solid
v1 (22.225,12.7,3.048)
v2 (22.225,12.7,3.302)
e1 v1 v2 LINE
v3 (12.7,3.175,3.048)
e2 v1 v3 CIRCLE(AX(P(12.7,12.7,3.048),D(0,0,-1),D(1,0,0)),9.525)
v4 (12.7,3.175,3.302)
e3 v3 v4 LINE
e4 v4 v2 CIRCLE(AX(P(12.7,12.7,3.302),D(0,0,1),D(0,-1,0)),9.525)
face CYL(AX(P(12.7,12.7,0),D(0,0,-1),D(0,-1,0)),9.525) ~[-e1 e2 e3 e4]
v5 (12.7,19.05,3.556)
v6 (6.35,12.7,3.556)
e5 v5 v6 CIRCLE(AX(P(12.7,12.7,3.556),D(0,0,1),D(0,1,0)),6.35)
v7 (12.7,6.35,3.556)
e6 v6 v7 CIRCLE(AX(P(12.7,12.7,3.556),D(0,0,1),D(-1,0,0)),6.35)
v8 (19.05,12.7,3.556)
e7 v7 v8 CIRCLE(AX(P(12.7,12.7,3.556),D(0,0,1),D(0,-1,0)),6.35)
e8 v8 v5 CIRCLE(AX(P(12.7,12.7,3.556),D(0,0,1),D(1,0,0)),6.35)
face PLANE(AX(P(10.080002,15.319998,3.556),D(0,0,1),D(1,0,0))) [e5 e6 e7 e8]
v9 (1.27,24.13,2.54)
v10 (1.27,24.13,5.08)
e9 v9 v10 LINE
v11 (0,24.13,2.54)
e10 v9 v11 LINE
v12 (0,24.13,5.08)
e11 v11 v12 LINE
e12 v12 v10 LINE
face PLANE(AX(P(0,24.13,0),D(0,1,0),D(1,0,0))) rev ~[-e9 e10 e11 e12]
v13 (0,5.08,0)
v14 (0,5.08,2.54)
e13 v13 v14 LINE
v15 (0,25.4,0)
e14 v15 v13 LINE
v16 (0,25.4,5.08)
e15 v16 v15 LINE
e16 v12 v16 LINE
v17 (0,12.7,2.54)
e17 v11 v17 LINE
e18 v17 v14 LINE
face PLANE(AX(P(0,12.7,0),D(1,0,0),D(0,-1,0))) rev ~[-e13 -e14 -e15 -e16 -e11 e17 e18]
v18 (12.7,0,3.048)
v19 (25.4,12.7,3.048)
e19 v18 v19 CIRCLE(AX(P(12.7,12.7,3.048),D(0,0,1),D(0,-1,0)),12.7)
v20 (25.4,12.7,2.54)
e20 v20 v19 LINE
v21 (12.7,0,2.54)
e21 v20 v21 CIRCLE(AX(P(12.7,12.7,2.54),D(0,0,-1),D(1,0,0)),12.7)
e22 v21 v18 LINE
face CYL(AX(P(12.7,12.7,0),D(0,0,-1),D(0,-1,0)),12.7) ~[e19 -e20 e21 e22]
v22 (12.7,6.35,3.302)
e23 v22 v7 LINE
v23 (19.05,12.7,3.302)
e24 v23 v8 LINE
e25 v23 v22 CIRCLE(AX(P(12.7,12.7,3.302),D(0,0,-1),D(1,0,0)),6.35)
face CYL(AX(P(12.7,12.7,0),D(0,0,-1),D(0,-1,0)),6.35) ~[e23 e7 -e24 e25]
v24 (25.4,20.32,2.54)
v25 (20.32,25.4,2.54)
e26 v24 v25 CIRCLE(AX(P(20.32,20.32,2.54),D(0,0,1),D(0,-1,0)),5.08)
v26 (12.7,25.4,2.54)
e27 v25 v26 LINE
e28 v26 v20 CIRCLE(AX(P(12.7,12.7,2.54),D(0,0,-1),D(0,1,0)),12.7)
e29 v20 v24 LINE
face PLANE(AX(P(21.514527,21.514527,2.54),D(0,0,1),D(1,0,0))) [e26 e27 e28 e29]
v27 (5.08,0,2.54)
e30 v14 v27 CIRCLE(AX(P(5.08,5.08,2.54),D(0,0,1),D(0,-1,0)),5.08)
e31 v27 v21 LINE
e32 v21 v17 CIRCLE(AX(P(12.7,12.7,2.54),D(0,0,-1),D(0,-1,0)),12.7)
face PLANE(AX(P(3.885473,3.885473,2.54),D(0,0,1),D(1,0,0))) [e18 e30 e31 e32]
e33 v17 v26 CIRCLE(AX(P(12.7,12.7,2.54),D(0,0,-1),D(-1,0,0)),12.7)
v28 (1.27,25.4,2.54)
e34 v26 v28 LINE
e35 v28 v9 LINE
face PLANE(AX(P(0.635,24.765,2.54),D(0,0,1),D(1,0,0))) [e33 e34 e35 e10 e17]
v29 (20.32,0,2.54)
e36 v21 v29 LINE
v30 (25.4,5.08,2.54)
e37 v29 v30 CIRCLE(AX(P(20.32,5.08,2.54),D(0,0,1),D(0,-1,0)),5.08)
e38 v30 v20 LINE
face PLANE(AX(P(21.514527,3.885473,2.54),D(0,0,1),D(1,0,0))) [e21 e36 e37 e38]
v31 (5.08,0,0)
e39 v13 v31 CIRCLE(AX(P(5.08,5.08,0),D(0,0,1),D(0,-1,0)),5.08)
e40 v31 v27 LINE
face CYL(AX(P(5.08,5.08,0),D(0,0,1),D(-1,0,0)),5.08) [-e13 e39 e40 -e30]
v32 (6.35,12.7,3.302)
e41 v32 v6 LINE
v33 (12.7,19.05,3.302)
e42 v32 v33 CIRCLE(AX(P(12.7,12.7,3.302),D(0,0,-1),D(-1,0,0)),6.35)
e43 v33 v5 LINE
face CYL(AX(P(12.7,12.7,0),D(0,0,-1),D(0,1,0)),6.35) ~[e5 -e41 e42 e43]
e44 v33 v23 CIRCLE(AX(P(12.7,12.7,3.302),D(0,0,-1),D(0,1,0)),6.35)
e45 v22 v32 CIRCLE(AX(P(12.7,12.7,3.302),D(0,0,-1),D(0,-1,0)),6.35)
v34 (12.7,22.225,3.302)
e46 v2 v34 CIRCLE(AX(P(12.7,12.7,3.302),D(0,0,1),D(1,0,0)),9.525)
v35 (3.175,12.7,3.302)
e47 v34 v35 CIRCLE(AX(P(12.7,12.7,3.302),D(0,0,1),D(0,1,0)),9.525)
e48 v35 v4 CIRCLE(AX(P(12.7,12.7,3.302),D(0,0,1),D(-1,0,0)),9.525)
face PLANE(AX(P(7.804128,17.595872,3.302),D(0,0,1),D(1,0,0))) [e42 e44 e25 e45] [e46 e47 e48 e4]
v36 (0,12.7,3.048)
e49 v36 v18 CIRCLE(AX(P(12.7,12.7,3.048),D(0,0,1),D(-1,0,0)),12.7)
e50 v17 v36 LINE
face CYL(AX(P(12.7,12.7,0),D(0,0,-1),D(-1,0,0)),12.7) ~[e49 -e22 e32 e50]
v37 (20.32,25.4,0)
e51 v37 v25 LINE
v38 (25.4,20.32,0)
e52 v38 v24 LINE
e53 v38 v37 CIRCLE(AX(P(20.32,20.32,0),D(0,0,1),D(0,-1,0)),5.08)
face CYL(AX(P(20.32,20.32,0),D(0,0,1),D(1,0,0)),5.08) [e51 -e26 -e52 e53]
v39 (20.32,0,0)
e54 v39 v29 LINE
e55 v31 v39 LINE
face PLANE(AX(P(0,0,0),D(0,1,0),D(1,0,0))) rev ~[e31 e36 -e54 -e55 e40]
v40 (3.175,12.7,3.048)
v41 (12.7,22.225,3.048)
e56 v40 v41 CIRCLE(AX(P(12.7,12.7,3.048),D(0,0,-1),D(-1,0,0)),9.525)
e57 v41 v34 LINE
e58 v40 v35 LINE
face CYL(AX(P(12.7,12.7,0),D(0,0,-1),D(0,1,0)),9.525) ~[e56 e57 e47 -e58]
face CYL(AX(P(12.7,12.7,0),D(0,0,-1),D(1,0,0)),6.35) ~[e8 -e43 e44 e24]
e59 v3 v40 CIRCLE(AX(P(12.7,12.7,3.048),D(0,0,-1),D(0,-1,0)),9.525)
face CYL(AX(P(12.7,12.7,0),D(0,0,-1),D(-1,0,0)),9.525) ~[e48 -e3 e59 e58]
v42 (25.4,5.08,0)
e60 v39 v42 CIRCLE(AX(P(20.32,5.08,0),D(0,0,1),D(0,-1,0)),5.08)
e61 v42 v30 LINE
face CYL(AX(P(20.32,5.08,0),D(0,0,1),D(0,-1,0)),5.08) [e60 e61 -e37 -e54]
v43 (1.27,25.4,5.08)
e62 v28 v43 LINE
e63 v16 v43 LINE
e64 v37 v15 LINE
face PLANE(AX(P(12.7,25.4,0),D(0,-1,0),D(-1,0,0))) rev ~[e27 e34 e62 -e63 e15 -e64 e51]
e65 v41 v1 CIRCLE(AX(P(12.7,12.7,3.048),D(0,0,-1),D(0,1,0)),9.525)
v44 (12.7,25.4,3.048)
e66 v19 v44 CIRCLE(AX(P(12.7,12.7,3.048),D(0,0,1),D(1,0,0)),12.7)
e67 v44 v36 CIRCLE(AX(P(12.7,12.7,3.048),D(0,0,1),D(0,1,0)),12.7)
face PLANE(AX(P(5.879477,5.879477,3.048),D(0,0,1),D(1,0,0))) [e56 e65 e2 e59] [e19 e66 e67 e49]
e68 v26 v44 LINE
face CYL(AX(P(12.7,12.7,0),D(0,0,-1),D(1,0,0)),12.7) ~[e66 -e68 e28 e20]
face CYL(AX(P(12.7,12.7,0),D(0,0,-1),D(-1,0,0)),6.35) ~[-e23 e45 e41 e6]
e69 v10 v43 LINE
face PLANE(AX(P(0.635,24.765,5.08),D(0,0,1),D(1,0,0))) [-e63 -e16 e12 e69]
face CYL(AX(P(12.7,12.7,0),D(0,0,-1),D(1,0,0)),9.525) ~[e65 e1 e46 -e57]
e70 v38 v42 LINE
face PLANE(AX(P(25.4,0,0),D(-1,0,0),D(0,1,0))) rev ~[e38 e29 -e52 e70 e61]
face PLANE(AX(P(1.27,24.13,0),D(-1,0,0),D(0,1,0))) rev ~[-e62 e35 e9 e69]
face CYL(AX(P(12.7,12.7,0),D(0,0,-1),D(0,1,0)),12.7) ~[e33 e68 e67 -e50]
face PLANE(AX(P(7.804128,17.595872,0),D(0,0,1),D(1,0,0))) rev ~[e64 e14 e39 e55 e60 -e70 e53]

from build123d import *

# Parameters (mm, degrees)
F1_DEPTH = 2.54
F0_W     = 1.27
F0_H     = 1.27
F2_DEPTH = 3.048
F3_DEPTH = 5.08
F4_DEPTH = 3.302
F5_DEPTH = 3.556
F6_R     = 5.08


with BuildPart() as f1:
    # F0 (on Top) → F1 (new body)
    with BuildSketch(Plane.XY):
        with BuildLine():
            Line((0, 12.7), (0, 0))
            Line((0, 0), (12.7, 0))
            ThreePointArc((12.7, 0), (3.7197438789, 3.7197438789), (0, 12.7))
        make_face()
    extrude(amount=F1_DEPTH)



with BuildPart() as f1b:
    # F0 (on Top) → F1, piece 2 (new body)
    with BuildSketch(Plane.XY):
        with Locations((0.635, 24.765)):
            Rectangle(F0_W, F0_H)
        with BuildLine():
            Line((0, 24.13), (0, 12.7))
            ThreePointArc((0, 12.7), (3.7197438789, 21.6802561211), (12.7, 25.4))
            Line((12.7, 25.4), (1.27, 25.4))
            Line((1.27, 25.4), (1.27, 24.13))
            Line((1.27, 24.13), (0, 24.13))
        make_face()
    extrude(amount=F1_DEPTH)


with BuildPart() as f1c:
    # F0 (on Top) → F1, piece 3 (new body)
    with BuildSketch(Plane.XY):
        with BuildLine():
            Line((25.4, 25.4), (12.7, 25.4))
            ThreePointArc((12.7, 25.4), (21.6802561211, 21.6802561211), (25.4, 12.7))
            Line((25.4, 12.7), (25.4, 25.4))
        make_face()
    extrude(amount=F1_DEPTH)


with BuildPart() as f1d:
    # F0 (on Top) → F1, piece 4 (new body)
    with BuildSketch(Plane.XY):
        with BuildLine():
            ThreePointArc((25.4, 12.7), (21.6802561211, 3.7197438789), (12.7, 0))
            Line((12.7, 0), (25.4, 0))
            Line((25.4, 0), (25.4, 12.7))
        make_face()
    extrude(amount=F1_DEPTH)


with BuildPart() as f1_1:
    add(f1.part)

    add(f1b.part)  # F2 merges F1b

    add(f1c.part)  # F2 merges F1c

    add(f1d.part)  # F2 merges F1d
    # F0 (on Top) → F2 (join)
    with BuildSketch(Plane.XY):
        with BuildLine():
            Line((3.175, 12.7), (0, 12.7))
            ThreePointArc((0, 12.7), (3.7197438789, 3.7197438789), (12.7, 0))
            Line((12.7, 0), (12.7, 3.175))
            ThreePointArc((12.7, 3.175), (5.9648079092, 5.9648079092), (3.175, 12.7))
        make_face()
        with BuildLine():
            ThreePointArc((25.4, 12.7), (21.6802561211, 21.6802561211), (12.7, 25.4))
            Line((12.7, 25.4), (12.7, 22.225))
            ThreePointArc((12.7, 22.225), (19.4351920908, 19.4351920908), (22.225, 12.7))
            Line((22.225, 12.7), (25.4, 12.7))
        make_face()
        with BuildLine():
            Line((12.7, 3.175), (12.7, 0))
            ThreePointArc((12.7, 0), (21.6802561211, 3.7197438789), (25.4, 12.7))
            Line((25.4, 12.7), (22.225, 12.7))
            ThreePointArc((22.225, 12.7), (19.4351920908, 5.9648079092), (12.7, 3.175))
        make_face()
        with BuildLine():
            ThreePointArc((12.7, 25.4), (3.7197438789, 21.6802561211), (0, 12.7))
            Line((0, 12.7), (3.175, 12.7))
            ThreePointArc((3.175, 12.7), (5.9648079092, 19.4351920908), (12.7, 22.225))
            Line((12.7, 22.225), (12.7, 25.4))
        make_face()
    extrude(amount=F2_DEPTH)

    # F0 (on Top) → F3 (join)
    with BuildSketch(Plane.XY):
        with Locations((0.635, 24.765)):
            Rectangle(F0_W, F0_H)
    extrude(amount=F3_DEPTH)

    # F0 (on Top) → F4 (join)
    with BuildSketch(Plane.XY):
        with BuildLine():
            ThreePointArc((12.7, 22.225), (5.9648079092, 19.4351920908), (3.175, 12.7))
            Line((3.175, 12.7), (6.35, 12.7))
            ThreePointArc((6.35, 12.7), (8.2098719395, 17.1901280605), (12.7, 19.05))
            Line((12.7, 19.05), (12.7, 22.225))
        make_face()
        with BuildLine():
            ThreePointArc((22.225, 12.7), (19.4351920908, 19.4351920908), (12.7, 22.225))
            Line((12.7, 22.225), (12.7, 19.05))
            ThreePointArc((12.7, 19.05), (17.1901280605, 17.1901280605), (19.05, 12.7))
            Line((19.05, 12.7), (22.225, 12.7))
        make_face()
        with BuildLine():
            Line((6.35, 12.7), (3.175, 12.7))
            ThreePointArc((3.175, 12.7), (5.9648079092, 5.9648079092), (12.7, 3.175))
            Line((12.7, 3.175), (12.7, 6.35))
            ThreePointArc((12.7, 6.35), (8.2098719395, 8.2098719395), (6.35, 12.7))
        make_face()
        with BuildLine():
            Line((12.7, 6.35), (12.7, 3.175))
            ThreePointArc((12.7, 3.175), (19.4351920908, 5.9648079092), (22.225, 12.7))
            Line((22.225, 12.7), (19.05, 12.7))
            ThreePointArc((19.05, 12.7), (17.1901280605, 8.2098719395), (12.7, 6.35))
        make_face()
    extrude(amount=F4_DEPTH)

    # F0 (on Top) → F5 (join)
    with BuildSketch(Plane.XY):
        with BuildLine():
            ThreePointArc((12.7, 19.05), (8.2098719395, 17.1901280605), (6.35, 12.7))
            Line((6.35, 12.7), (12.7, 12.7))
            Line((12.7, 12.7), (12.7, 19.05))
        make_face()
        with BuildLine():
            Line((12.7, 12.7), (6.35, 12.7))
            ThreePointArc((6.35, 12.7), (8.2098719395, 8.2098719395), (12.7, 6.35))
            Line((12.7, 6.35), (12.7, 12.7))
        make_face()
        with BuildLine():
            Line((12.7, 19.05), (12.7, 12.7))
            Line((12.7, 12.7), (19.05, 12.7))
            ThreePointArc((19.05, 12.7), (17.1901280605, 17.1901280605), (12.7, 19.05))
        make_face()
        with BuildLine():
            Line((12.7, 12.7), (12.7, 6.35))
            ThreePointArc((12.7, 6.35), (17.1901280605, 8.2098719395), (19.05, 12.7))
            Line((19.05, 12.7), (12.7, 12.7))
        make_face()
    extrude(amount=F5_DEPTH)

    # F6
    f6_edges = [f1_1.edges().sort_by_distance(p)[0] for p in [
        (0, 0, 1.27),
        (25.4, 25.4, 1.27),
        (25.4, 0, 1.27),
    ]]
    fillet(f6_edges, radius=F6_R)


solid = f1_1.part
